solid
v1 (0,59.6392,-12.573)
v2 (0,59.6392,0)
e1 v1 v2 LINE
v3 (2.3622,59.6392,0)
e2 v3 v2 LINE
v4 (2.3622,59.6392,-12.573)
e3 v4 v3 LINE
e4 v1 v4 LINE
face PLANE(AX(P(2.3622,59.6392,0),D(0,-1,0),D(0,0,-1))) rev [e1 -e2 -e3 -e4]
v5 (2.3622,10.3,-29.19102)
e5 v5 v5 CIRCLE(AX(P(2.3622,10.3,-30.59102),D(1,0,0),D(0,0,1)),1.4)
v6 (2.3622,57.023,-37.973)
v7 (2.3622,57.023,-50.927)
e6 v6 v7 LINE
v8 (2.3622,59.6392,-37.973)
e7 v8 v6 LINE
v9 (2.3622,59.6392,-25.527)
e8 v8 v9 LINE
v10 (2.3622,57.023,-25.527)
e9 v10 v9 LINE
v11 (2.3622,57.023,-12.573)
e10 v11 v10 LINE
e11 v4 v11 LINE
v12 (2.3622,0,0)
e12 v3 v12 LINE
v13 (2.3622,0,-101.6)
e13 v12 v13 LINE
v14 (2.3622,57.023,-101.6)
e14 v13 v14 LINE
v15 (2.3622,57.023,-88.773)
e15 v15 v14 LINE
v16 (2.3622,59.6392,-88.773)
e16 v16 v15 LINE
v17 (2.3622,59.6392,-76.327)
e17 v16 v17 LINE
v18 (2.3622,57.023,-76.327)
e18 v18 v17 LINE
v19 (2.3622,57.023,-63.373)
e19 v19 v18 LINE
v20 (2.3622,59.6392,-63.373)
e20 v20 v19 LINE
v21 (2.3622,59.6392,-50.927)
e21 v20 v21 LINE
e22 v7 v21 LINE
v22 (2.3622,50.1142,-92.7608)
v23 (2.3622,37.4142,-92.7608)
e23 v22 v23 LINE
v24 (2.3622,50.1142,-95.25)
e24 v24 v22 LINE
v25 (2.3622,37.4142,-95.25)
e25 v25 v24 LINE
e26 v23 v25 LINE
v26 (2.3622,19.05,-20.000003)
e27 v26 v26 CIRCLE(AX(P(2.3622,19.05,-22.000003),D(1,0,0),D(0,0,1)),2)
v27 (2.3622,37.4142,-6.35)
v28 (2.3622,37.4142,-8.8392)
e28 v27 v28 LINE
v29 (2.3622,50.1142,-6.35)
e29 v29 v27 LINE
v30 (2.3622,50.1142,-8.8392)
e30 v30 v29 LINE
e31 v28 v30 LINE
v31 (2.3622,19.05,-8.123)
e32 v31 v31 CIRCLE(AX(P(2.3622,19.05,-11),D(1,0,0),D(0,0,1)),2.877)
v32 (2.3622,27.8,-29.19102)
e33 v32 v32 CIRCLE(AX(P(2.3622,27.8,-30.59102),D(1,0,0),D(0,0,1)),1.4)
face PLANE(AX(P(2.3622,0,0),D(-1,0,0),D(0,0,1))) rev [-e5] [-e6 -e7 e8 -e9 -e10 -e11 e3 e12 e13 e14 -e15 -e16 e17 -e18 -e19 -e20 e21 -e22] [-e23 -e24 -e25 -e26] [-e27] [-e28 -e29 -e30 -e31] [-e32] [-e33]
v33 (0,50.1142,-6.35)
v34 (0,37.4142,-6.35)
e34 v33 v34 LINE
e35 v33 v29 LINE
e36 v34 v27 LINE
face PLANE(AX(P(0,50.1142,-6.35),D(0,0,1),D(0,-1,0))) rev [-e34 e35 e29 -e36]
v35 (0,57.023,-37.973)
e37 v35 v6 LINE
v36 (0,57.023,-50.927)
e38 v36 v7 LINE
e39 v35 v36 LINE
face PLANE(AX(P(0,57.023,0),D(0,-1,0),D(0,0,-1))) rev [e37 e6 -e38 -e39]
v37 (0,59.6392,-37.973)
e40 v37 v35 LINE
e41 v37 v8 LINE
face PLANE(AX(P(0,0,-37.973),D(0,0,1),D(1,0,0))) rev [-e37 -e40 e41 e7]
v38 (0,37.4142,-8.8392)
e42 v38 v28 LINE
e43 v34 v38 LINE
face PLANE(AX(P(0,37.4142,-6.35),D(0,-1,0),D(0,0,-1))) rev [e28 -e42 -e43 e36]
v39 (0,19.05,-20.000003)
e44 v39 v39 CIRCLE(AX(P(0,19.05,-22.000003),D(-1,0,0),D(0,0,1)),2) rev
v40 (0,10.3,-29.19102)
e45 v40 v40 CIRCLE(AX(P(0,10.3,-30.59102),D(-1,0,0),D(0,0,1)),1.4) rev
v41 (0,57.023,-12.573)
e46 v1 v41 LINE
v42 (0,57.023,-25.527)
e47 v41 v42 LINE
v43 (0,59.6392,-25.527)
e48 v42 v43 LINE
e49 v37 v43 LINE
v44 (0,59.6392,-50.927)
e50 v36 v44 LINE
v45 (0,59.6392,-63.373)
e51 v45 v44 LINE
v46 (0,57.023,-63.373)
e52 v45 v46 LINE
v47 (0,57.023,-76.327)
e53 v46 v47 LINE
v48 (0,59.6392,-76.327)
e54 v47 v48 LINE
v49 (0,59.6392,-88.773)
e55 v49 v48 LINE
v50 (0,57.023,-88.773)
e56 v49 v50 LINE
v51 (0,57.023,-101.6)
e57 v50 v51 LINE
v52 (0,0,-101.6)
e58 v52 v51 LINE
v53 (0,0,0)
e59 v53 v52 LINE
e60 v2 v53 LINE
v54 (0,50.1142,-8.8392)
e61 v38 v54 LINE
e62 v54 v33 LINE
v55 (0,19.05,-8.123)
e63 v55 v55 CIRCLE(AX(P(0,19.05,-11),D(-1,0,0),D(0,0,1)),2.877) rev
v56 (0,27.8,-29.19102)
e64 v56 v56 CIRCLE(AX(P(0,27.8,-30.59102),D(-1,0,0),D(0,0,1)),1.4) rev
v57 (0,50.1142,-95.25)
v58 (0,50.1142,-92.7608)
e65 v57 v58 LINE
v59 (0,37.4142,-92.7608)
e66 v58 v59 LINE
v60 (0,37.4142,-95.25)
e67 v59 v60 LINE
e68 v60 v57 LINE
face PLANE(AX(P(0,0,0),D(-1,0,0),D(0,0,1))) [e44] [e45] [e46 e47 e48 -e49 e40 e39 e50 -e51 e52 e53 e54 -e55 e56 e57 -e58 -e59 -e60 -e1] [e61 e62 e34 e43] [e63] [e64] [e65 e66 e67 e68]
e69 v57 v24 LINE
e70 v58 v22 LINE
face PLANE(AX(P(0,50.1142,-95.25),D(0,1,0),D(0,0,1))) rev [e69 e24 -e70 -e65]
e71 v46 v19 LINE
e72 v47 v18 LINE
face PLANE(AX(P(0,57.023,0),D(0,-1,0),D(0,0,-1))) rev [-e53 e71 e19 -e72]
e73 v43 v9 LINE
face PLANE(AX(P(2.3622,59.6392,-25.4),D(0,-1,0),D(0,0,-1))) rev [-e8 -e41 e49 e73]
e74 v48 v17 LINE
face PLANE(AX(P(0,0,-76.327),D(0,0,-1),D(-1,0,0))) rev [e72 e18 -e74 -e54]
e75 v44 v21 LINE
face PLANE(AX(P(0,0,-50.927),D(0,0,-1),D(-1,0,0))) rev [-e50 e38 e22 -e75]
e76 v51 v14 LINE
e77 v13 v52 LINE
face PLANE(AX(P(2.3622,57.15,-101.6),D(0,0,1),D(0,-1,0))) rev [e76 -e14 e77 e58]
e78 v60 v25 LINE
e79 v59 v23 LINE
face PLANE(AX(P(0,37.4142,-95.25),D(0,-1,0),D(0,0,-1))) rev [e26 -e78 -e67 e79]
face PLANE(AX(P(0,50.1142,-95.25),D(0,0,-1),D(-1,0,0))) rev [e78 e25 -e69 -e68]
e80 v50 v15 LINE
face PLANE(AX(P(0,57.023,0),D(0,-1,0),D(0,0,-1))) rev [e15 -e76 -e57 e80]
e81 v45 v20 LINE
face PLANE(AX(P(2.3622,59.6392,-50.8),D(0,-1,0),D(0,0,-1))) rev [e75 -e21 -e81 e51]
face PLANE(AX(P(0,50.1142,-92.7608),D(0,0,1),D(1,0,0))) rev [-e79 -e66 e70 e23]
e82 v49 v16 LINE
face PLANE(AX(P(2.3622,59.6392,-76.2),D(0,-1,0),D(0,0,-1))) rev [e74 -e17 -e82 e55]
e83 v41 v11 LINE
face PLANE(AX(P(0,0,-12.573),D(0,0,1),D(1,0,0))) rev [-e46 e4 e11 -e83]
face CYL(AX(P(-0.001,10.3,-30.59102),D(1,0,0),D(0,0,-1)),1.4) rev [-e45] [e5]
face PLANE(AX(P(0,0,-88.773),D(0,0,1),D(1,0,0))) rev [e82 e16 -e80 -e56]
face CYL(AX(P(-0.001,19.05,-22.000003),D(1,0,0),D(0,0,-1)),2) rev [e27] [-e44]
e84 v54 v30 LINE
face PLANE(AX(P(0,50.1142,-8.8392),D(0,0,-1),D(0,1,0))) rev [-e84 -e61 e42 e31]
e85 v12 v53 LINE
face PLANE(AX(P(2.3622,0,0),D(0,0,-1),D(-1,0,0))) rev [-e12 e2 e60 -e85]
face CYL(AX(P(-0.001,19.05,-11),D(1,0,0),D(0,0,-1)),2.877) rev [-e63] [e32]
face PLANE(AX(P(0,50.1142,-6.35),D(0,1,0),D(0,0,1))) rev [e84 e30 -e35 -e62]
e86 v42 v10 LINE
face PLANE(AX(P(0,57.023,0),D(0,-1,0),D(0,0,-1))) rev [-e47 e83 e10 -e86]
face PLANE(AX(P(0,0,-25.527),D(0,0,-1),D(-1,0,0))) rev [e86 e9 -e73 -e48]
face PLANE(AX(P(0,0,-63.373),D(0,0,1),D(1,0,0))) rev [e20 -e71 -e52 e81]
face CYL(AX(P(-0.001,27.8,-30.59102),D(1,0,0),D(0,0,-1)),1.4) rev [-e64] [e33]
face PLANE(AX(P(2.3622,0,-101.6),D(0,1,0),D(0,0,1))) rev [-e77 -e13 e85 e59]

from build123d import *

# Parameters (mm, degrees)
BOSS_EXTRUDE1_DEPTH = 2.3622
CUT_EXTRUDE1_REACH  = 4.362
SKETCH2_R           = 1.4
SKETCH2_R_2         = 2
SKETCH2_R_3         = 2.876999961
CUT_EXTRUDE2_DEPTH  = 3.3622
SKETCH4_W           = 2.4892
SKETCH4_H           = 12.7
CUT_EXTRUDE3_DEPTH  = 3.3622


with BuildPart() as part:
    # Sketch1 → Boss-Extrude1 (new body)
    with BuildSketch(Plane(origin=(0, 0, 0), x_dir=(0, 0, -1), z_dir=(1, 0, 0))):
        Polygon((0, 0), (0, 59.6392), (12.7, 59.6392), (12.7, 57.15), (25.4, 57.15), (25.4, 59.6392), (38.1, 59.6392), (38.1, 57.15), (50.8, 57.15), (50.8, 59.6392), (63.5, 59.6392), (63.5, 57.15), (76.2, 57.15), (76.2, 59.6392), (88.9, 59.6392), (88.9, 57.15), (101.6, 57.15), (101.6, 0), align=None)
    extrude(amount=BOSS_EXTRUDE1_DEPTH)

    # Sketch2 → Cut-Extrude1 (cut, up to next)
    with BuildSketch(Plane(origin=(2.3622, 0, 0), x_dir=(0, 0, -1), z_dir=(1, 0, 0)), mode=Mode.PRIVATE) as cut_extrude1_sk1:
        with Locations((30.59102, 10.3)):
            Circle(SKETCH2_R)
    cut_extrude1_tool1 = extrude(cut_extrude1_sk1.sketch, amount=-CUT_EXTRUDE1_REACH, mode=Mode.PRIVATE) & part.part
    add(cut_extrude1_tool1.solids().sort_by_distance((2.3622, 10.3, -30.59102))[0], mode=Mode.SUBTRACT)
    # Sketch2 → Cut-Extrude1 (cut, up to next)
    with BuildSketch(Plane(origin=(2.3622, 0, 0), x_dir=(0, 0, -1), z_dir=(1, 0, 0)), mode=Mode.PRIVATE) as cut_extrude1_sk2:
        with Locations((30.59102, 27.8)):
            Circle(SKETCH2_R)
    cut_extrude1_tool2 = extrude(cut_extrude1_sk2.sketch, amount=-CUT_EXTRUDE1_REACH, mode=Mode.PRIVATE) & part.part
    add(cut_extrude1_tool2.solids().sort_by_distance((2.3622, 27.8, -30.59102))[0], mode=Mode.SUBTRACT)
    # Sketch2 → Cut-Extrude1 (cut, up to next)
    with BuildSketch(Plane(origin=(2.3622, 0, 0), x_dir=(0, 0, -1), z_dir=(1, 0, 0)), mode=Mode.PRIVATE) as cut_extrude1_sk3:
        with Locations((22.0000034, 19.05)):
            Circle(SKETCH2_R_2)
    cut_extrude1_tool3 = extrude(cut_extrude1_sk3.sketch, amount=-CUT_EXTRUDE1_REACH, mode=Mode.PRIVATE) & part.part
    add(cut_extrude1_tool3.solids().sort_by_distance((2.3622, 19.05, -22.000003))[0], mode=Mode.SUBTRACT)
    # Sketch2 → Cut-Extrude1 (cut, up to next)
    with BuildSketch(Plane(origin=(2.3622, 0, 0), x_dir=(0, 0, -1), z_dir=(1, 0, 0)), mode=Mode.PRIVATE) as cut_extrude1_sk4:
        with Locations((11, 19.05)):
            Circle(SKETCH2_R_3)
    cut_extrude1_tool4 = extrude(cut_extrude1_sk4.sketch, amount=-CUT_EXTRUDE1_REACH, mode=Mode.PRIVATE) & part.part
    add(cut_extrude1_tool4.solids().sort_by_distance((2.3622, 19.05, -11))[0], mode=Mode.SUBTRACT)

    # Sketch3 → Cut-Extrude2 (cut, through all)
    with BuildSketch(Plane(origin=(2.3622, 0, 0), x_dir=(0, 0, -1), z_dir=(1, 0, 0))):
        Polygon((12.7, 57.15), (12.7, 59.6392), (12.573, 59.6392), (12.573, 57.023), (25.527, 57.023), (25.527, 59.6392), (25.4, 59.6392), (25.4, 57.15), align=None)
        Polygon((38.1, 59.6392), (37.973, 59.6392), (37.973, 57.023), (50.927, 57.023), (50.927, 59.6392), (50.8, 59.6392), (50.8, 57.15), (38.1, 57.15), align=None)
        Polygon((63.5, 59.6392), (63.373, 59.6392), (63.373, 57.023), (76.327, 57.023), (76.327, 59.6392), (76.2, 59.6392), (76.2, 57.15), (63.5, 57.15), align=None)
        Polygon((88.9, 59.6392), (88.773, 59.6392), (88.773, 57.023), (101.6, 57.023), (101.6, 57.15), (88.9, 57.15), align=None)
    extrude(amount=-CUT_EXTRUDE2_DEPTH, mode=Mode.SUBTRACT)

    # Sketch4 → Cut-Extrude3 (cut, through all)
    with BuildSketch(Plane(origin=(2.3622, 0, 0), x_dir=(0, 0, -1), z_dir=(1, 0, 0))):
        with Locations((7.5946, 43.7642)):
            Rectangle(SKETCH4_W, SKETCH4_H)
        with Locations((94.0054, 43.7642)):
            Rectangle(SKETCH4_W, SKETCH4_H)
    extrude(amount=-CUT_EXTRUDE3_DEPTH, mode=Mode.SUBTRACT)


solid = part.part
